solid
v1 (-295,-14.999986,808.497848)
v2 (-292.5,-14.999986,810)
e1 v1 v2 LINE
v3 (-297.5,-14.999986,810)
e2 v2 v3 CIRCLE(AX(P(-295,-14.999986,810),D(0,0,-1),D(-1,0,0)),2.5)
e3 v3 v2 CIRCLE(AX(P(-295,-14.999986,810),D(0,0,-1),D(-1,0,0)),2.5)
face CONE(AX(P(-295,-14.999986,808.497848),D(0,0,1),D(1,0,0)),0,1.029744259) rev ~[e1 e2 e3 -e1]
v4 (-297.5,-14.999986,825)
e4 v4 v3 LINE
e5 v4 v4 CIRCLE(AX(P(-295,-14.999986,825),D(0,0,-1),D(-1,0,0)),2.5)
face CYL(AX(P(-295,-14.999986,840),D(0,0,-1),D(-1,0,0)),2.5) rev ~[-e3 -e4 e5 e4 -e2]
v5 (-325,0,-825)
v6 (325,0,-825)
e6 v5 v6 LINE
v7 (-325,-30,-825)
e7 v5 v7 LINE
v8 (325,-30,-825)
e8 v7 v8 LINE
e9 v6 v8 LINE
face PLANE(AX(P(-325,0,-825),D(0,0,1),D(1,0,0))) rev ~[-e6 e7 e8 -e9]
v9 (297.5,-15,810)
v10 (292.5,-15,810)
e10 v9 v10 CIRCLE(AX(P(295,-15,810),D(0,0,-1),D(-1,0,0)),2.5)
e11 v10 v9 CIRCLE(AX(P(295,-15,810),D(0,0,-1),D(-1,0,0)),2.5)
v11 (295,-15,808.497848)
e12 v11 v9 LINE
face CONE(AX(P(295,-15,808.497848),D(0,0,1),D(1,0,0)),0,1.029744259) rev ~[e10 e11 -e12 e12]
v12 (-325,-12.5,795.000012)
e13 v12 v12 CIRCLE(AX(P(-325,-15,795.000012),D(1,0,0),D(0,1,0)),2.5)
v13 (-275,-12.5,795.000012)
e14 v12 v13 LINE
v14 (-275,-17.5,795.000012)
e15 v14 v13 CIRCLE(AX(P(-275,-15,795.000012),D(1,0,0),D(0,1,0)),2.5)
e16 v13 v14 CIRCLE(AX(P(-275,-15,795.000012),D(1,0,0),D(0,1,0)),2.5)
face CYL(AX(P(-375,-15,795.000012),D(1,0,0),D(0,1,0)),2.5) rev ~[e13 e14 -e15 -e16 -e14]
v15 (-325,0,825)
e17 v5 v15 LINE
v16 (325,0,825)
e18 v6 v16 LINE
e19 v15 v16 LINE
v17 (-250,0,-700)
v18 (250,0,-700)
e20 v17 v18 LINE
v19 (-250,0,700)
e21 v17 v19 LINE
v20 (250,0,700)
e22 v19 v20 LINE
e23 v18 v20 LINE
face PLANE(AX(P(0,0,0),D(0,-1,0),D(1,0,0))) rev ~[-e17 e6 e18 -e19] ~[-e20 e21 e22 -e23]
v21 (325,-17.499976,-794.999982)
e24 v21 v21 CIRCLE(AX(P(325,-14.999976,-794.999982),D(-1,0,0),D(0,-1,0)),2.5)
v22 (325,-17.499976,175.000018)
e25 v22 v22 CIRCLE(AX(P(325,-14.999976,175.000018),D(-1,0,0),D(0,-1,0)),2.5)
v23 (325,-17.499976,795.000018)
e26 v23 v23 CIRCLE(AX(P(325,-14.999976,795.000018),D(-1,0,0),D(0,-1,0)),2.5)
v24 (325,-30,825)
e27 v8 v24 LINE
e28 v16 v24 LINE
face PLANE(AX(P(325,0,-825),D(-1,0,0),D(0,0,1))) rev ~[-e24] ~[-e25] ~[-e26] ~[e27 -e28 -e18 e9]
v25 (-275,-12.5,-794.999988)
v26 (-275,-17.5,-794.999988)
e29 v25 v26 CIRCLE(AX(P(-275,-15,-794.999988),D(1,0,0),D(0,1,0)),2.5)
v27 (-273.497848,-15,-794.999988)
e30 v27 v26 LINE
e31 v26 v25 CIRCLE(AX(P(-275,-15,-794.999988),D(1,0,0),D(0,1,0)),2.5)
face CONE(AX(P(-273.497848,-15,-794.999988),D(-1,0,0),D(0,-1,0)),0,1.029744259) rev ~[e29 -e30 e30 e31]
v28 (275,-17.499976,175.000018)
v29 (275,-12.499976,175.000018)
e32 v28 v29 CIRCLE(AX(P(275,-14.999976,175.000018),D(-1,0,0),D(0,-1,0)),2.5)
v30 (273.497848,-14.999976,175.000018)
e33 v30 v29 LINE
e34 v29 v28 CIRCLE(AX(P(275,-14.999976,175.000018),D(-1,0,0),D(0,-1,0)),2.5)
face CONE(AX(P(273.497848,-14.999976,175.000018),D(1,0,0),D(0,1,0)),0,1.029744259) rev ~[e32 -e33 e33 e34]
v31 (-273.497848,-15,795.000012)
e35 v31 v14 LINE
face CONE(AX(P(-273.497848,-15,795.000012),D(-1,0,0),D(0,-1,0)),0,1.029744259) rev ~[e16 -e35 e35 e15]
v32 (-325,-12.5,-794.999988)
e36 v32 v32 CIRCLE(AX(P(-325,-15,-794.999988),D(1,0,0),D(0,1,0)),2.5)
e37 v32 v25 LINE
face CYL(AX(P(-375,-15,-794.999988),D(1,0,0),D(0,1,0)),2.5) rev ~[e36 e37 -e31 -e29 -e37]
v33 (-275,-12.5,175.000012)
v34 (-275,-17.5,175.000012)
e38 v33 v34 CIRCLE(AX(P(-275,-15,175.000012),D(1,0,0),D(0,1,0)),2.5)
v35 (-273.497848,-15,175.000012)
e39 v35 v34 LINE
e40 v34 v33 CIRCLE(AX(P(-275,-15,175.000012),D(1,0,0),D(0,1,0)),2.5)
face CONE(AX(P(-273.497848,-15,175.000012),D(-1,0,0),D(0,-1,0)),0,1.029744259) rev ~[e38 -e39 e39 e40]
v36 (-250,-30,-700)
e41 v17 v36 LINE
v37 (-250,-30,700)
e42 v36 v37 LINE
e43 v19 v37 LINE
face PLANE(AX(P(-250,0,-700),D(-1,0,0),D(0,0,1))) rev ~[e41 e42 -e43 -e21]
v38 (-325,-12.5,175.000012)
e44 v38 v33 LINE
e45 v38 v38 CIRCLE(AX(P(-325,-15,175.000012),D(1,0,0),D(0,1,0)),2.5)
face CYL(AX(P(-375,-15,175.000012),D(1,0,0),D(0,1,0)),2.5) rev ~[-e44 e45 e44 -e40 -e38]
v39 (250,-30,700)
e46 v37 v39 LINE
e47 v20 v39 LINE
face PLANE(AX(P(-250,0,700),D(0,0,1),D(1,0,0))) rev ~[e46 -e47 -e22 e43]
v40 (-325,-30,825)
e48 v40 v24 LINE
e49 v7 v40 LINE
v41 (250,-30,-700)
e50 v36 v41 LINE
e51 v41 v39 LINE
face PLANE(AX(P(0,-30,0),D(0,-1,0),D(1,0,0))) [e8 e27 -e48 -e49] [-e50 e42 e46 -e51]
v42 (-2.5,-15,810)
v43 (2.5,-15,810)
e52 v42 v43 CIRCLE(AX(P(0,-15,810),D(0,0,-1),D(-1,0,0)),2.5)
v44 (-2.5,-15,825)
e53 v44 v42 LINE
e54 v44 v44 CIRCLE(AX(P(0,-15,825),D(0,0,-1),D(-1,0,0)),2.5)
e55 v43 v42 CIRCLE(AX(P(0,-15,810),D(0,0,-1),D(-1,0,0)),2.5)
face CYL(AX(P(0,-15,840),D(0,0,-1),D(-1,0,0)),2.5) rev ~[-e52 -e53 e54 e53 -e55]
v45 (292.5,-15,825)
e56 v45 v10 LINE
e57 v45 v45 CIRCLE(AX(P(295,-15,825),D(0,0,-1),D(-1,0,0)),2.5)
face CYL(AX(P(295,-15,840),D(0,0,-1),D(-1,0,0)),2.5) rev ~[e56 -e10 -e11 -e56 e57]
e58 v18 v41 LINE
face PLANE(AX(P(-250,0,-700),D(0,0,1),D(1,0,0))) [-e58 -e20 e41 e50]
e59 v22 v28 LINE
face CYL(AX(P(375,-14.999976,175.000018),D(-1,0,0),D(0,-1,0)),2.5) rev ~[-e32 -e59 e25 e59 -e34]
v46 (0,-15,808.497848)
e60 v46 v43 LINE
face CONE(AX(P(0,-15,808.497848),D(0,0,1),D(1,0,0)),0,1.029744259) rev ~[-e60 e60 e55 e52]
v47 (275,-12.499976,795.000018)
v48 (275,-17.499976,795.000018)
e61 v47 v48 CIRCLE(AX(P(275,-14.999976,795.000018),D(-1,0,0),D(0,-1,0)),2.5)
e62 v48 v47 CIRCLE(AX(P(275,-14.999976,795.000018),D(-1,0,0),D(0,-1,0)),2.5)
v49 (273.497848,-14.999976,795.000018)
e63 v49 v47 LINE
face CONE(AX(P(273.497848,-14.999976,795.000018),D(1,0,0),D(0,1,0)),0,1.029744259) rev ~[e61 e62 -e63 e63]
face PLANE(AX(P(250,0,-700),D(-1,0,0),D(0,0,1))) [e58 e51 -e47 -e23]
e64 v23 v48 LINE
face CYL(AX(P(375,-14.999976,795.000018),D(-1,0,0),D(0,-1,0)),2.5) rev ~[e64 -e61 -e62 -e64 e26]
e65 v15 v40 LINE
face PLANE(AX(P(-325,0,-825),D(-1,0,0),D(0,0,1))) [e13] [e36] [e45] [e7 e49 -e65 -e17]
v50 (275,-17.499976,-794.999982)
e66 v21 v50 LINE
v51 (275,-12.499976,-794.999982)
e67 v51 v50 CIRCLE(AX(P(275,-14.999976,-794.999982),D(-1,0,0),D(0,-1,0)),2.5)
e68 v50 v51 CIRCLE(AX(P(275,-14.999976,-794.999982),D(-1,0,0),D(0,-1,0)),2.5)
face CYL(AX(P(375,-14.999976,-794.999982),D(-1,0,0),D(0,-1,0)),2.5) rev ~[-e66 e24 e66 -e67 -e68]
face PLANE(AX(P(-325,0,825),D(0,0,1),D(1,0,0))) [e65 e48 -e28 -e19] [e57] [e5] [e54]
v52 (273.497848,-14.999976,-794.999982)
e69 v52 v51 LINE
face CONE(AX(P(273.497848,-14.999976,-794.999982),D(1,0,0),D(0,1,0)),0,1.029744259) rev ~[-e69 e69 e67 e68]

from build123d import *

# Parameters (mm, degrees)
F0_W      = 650
F0_H      = 1650
F0_W_2    = 500
F0_H_2    = 1400
F1_DEPTH  = 30
F5_D      = 5
F5_DEPTH  = 50
F5_TIP    = 1.5021515476
F7_D      = 5
F7_DEPTH  = 50
F7_TIP    = 1.5021515476
F10_D     = 5
F10_DEPTH = 15
F10_TIP   = 1.5021515476


with BuildPart() as f1:
    # F0 (on Front) → F1 (new body)
    with BuildSketch(Plane.XZ):
        Rectangle(F0_W, F0_H)
        Rectangle(F0_W_2, F0_H_2, mode=Mode.SUBTRACT)
    extrude(amount=F1_DEPTH)

    # F5
    with Locations(Plane(origin=(-325, 0, 0), x_dir=(0, -1, 0), z_dir=(-1, 0, 0))):
        with Locations((15, 795.0000119209), (15, 175.0000119209), (15, -794.9999880791)):
            Hole(F5_D / 2, depth=F5_DEPTH)
            with Locations((0, 0, -(F5_DEPTH + F5_TIP / 2))):  # 118° drill point
                Cone(0, F5_D / 2, F5_TIP, mode=Mode.SUBTRACT)

    # F7
    with Locations(Plane.YZ.offset(325)):
        with Locations((-14.9999763817, 795.000018446), (-14.9999763817, 175.000018446), (-14.9999763817, -794.999981554)):
            Hole(F7_D / 2, depth=F7_DEPTH)
            with Locations((0, 0, -(F7_DEPTH + F7_TIP / 2))):  # 118° drill point
                Cone(0, F7_D / 2, F7_TIP, mode=Mode.SUBTRACT)

    # F10
    with Locations(Plane.XY.offset(825)):
        with Locations((-295, -14.9999856949), (0, -15), (295, -15)):
            Hole(F10_D / 2, depth=F10_DEPTH)
            with Locations((0, 0, -(F10_DEPTH + F10_TIP / 2))):  # 118° drill point
                Cone(0, F10_D / 2, F10_TIP, mode=Mode.SUBTRACT)


solid = f1.part
